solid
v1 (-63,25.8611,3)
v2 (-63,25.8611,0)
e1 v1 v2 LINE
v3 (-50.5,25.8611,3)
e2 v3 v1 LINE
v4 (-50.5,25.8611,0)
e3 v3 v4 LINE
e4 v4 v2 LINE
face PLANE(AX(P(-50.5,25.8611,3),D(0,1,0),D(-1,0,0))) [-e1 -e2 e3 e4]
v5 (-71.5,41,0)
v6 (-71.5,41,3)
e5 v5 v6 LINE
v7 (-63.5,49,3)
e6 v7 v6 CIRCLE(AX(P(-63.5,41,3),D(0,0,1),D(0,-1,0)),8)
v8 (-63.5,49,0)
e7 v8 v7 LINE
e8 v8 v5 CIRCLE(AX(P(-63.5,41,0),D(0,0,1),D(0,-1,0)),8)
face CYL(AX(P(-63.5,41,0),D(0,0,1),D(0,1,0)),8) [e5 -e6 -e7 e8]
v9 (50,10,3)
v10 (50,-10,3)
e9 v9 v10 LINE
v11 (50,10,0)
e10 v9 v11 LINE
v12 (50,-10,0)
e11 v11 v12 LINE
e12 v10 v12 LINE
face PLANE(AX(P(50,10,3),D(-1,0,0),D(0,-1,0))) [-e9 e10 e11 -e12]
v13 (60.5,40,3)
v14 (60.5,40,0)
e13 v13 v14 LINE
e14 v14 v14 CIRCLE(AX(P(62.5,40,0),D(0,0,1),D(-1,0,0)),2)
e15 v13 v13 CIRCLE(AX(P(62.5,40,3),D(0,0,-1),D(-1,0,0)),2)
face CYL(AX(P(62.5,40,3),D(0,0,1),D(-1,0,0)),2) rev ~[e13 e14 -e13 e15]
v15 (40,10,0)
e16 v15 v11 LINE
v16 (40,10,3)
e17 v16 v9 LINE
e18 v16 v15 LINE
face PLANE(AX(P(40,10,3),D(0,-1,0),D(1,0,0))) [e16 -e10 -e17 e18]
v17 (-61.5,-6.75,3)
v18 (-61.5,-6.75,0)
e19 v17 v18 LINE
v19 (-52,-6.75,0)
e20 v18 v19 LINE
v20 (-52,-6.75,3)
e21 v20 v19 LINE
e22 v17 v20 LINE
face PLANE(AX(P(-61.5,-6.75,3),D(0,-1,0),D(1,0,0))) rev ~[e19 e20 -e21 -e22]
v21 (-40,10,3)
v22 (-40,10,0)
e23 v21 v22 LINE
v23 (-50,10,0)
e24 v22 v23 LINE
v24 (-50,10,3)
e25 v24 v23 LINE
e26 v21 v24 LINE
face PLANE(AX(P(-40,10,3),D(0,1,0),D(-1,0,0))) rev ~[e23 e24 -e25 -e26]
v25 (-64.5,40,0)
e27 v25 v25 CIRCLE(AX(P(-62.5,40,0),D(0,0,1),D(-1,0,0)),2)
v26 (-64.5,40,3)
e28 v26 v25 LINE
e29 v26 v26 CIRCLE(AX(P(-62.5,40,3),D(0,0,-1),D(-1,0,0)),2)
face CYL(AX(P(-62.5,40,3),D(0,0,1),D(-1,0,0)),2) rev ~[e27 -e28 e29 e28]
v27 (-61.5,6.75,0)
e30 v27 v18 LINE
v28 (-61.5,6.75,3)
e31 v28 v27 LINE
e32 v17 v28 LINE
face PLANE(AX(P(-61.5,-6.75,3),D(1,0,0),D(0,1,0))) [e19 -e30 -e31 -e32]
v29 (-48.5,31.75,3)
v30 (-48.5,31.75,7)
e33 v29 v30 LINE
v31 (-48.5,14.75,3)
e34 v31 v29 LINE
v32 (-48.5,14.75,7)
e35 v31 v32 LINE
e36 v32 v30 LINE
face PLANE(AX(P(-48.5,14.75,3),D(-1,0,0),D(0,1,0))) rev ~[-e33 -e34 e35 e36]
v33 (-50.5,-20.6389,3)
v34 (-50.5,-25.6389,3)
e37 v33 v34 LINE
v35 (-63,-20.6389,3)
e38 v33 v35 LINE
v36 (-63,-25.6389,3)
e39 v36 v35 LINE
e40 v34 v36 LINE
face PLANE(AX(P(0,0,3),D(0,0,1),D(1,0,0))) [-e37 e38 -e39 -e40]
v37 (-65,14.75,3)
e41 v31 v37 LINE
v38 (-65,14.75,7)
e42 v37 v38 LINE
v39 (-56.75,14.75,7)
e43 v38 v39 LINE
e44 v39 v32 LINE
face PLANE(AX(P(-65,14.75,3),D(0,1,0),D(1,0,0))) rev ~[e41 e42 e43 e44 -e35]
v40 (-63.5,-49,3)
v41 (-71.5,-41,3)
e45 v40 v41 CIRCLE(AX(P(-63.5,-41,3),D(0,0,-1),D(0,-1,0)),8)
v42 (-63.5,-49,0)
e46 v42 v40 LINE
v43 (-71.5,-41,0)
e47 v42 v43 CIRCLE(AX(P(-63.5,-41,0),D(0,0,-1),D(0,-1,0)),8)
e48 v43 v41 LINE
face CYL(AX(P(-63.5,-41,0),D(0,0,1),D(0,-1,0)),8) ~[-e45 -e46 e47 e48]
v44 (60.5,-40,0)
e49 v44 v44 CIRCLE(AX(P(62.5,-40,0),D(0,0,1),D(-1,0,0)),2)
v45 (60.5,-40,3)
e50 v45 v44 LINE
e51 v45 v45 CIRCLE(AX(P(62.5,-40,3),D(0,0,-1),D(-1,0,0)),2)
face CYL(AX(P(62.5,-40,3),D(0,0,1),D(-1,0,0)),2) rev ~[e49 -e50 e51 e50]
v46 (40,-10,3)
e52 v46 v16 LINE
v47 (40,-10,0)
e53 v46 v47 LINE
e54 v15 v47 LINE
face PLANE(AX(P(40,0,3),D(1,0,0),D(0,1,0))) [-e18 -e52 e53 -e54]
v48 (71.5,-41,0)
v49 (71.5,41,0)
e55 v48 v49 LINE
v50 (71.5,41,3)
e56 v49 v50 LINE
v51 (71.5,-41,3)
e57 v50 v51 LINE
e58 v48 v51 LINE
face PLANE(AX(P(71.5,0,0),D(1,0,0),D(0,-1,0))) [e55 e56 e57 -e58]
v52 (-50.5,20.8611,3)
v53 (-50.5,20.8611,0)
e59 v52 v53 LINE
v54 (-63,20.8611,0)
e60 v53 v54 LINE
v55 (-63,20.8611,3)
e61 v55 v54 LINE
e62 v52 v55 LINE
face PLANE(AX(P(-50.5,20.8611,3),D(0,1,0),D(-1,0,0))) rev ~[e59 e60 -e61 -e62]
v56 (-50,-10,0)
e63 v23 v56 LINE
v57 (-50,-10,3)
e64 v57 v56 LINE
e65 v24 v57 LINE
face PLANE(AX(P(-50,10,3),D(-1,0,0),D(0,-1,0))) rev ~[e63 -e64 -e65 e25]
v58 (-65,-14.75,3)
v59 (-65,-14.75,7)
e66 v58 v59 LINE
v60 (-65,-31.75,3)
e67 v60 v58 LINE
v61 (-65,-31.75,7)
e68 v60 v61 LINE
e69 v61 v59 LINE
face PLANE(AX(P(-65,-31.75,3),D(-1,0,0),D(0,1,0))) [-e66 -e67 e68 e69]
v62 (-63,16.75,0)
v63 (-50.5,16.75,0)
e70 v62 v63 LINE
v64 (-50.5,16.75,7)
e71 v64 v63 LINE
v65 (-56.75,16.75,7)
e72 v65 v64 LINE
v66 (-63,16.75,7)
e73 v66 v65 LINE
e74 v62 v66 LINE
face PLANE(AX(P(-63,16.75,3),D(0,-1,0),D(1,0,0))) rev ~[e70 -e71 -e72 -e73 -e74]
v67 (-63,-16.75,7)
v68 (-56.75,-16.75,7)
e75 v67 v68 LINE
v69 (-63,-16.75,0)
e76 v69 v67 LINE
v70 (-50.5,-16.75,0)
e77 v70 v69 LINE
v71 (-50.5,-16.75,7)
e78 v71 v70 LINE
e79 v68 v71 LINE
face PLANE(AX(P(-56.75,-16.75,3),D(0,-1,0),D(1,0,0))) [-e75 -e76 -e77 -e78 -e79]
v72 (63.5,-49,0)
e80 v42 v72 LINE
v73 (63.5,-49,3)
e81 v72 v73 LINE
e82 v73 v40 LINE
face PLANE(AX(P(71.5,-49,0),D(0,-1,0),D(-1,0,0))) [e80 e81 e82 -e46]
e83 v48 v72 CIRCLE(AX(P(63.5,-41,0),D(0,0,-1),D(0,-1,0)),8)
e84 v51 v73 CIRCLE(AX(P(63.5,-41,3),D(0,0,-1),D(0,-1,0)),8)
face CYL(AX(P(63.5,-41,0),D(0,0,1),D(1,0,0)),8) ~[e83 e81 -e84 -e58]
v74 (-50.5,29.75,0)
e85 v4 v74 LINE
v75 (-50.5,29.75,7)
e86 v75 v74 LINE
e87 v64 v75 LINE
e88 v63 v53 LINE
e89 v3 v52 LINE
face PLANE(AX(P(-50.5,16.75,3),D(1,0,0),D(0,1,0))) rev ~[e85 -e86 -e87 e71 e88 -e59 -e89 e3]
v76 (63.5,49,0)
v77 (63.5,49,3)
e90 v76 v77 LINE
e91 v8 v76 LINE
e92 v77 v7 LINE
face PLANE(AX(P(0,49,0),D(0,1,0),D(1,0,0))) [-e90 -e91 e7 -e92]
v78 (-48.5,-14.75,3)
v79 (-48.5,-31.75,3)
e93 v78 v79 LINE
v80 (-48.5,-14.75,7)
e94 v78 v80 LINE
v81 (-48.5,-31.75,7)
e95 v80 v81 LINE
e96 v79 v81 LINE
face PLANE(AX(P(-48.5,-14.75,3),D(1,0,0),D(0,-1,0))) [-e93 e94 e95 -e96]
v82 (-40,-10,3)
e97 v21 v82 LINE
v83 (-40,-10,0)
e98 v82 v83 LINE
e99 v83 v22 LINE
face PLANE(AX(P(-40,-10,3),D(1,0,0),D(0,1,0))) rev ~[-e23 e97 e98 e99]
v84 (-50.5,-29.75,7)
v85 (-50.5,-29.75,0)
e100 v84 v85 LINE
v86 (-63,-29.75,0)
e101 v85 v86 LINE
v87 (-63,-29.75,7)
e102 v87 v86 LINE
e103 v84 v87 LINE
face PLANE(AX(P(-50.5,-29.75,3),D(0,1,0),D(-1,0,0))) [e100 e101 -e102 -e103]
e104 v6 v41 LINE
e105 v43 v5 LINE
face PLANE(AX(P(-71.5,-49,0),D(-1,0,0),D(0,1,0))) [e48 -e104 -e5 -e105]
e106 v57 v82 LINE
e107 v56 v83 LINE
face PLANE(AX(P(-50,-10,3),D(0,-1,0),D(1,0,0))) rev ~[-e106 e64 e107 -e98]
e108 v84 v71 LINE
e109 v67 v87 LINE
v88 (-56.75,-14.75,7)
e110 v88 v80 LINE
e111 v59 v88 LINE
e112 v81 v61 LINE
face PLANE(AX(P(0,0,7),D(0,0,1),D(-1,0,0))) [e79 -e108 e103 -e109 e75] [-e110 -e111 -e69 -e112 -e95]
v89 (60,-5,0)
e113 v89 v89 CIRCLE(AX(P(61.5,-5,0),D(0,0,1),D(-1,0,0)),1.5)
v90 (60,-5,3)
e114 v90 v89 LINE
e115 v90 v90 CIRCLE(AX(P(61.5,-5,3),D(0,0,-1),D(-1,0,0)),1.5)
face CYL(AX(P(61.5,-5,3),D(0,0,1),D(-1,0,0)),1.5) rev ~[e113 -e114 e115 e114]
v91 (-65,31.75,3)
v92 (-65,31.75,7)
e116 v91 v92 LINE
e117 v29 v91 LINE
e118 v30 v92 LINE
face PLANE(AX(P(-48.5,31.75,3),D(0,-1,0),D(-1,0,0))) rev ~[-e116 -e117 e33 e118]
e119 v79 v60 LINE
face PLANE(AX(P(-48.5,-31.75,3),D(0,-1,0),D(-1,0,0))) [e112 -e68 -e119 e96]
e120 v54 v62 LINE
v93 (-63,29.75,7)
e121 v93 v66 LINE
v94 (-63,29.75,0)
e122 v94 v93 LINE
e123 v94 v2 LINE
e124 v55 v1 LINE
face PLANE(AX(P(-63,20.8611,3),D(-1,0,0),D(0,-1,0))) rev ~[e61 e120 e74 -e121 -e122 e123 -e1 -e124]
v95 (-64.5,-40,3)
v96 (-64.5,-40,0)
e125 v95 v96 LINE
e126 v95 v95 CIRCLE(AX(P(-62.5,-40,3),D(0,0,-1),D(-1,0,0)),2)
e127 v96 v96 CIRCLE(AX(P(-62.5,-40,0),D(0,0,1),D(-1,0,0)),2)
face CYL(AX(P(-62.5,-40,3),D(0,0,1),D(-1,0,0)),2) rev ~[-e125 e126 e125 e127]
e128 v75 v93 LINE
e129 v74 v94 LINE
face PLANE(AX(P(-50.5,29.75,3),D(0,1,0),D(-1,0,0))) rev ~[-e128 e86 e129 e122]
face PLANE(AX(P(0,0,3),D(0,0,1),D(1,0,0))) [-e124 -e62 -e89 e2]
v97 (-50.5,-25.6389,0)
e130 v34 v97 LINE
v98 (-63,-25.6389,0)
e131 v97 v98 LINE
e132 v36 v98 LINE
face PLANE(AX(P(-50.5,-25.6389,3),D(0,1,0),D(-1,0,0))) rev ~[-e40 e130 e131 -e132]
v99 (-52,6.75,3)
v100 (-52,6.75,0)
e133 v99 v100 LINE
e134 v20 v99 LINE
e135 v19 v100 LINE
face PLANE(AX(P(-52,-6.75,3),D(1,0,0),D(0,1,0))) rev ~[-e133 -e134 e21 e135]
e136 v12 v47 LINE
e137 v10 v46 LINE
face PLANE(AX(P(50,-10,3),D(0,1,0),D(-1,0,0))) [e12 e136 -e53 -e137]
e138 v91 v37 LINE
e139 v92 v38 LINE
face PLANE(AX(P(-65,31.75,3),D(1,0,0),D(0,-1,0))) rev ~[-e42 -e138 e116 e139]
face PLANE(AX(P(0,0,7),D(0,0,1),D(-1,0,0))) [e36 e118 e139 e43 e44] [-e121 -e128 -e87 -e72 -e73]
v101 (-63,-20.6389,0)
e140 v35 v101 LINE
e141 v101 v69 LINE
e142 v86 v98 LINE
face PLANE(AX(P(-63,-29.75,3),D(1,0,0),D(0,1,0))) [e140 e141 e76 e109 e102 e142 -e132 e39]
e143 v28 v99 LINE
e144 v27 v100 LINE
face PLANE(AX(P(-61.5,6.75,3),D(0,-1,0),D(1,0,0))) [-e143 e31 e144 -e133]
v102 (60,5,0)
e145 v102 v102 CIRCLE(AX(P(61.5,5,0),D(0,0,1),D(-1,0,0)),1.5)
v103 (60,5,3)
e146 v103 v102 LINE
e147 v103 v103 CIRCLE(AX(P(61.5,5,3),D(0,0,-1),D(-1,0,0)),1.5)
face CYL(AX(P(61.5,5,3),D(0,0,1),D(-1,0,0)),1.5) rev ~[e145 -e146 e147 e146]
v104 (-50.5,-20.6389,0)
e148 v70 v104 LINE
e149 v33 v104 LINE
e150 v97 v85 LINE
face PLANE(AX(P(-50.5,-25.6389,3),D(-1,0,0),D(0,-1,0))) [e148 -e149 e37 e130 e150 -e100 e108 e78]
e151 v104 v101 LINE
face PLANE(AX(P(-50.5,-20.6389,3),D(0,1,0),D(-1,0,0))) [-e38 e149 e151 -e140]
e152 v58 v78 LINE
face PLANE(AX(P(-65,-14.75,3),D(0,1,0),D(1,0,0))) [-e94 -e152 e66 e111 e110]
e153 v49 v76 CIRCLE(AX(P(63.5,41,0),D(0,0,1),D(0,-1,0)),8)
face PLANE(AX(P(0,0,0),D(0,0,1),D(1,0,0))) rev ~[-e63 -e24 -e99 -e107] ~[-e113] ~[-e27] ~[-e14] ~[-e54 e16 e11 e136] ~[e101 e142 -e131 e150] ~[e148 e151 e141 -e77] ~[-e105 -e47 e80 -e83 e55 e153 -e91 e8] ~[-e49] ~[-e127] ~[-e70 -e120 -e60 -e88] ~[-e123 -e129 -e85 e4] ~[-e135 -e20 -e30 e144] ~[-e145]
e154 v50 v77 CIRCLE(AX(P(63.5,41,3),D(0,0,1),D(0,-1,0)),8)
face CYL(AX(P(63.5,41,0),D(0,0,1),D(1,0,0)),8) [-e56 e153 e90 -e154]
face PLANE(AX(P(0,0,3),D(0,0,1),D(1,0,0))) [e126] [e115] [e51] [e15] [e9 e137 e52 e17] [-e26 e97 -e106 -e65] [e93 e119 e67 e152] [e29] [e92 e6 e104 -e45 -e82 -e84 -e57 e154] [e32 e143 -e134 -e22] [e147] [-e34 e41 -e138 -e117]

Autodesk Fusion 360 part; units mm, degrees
sketch "Boceto1" plane through (0, 0, 0) normal (0, 0, 1) x (1, 0, 0)
  line L0 (71.5, 0) -> (-71.5, 0)
  line L1 (0, -49) -> (0, 49)
  line L2 (-71.5, 49) -> (71.5, 49)
  line L3 (71.5, 49) -> (71.5, -49)
  line L4 (71.5, -49) -> (-71.5, -49)
  line L5 (-71.5, -49) -> (-71.5, 49)
  line L6 (-71.5, 49) -> (71.5, -49) construction
  line L7 (71.5, 49) -> (-71.5, -49) construction
  dimension "d1" = 143
  dimension "d2" = 98
extrude "Extruir1" add sketch "Boceto1" along normal blind 3
sketch "Boceto2" plane through (0, 0, 3) normal (0, 0, 1) x (-1, 0, 0)
  line L0 (71.5, 49) -> (-71.5, 49)
  line L1 (-71.5, 49) -> (-71.5, -49)
  line L2 (-71.5, -49) -> (71.5, -49)
  line L3 (71.5, -49) -> (71.5, 49)
  line L4 (71.5, -49) -> (62.5, -49)
  line L5 (62.5, -49) -> (62.5, -40)
  line L6 (71.5, 49) -> (62.5, 49)
  line L7 (62.5, 49) -> (62.5, 40)
  line L8 (-71.5, 49) -> (-71.5, 40)
  line L9 (-71.5, 40) -> (-62.5, 40)
  line L10 (-71.5, -49) -> (-62.5, -49)
  line L11 (-62.5, -49) -> (-62.5, -40)
  circle A0 centre (62.5, -40) radius 2
  circle A1 centre (62.5, 40) radius 2
  circle A2 centre (-62.5, -40) radius 2
  circle A3 centre (-62.5, 40) radius 2
  dimension "d7" = 9
  dimension "d8" = 9
  dimension "d9" = 9
  dimension "d10" = 9
  dimension "d11" = 9
  dimension "d12" = 9
  dimension "d13" = 9
  dimension "d14" = 9
  dimension "d15" = 4
  dimension "d16" = 4
  dimension "d17" = 4
  dimension "d18" = 4
extrude "Extruir2" cut sketch "Boceto2" against normal blind 3 contours A1 | A3 | A2 | A0
fillet "Empalme2" radius 8 4 edges at (-71.5, -49, 1.5) (-71.5, 49, 1.5) (71.5, -49, 1.5) (71.5, 49, 1.5)
sketch "Boceto3" plane through (0, 0, 3) normal (0, 0, 1) x (-1, 0, 0)
  circle A0 centre (62.5, 40) radius 2
  circle A1 centre (-62.5, -40) radius 2
  circle A2 centre (62.5, -40) radius 2
  circle A3 centre (-62.5, 40) radius 2
  arc A4 (-71.5, -41) -> (-63.5, -49) centre (-63.5, -41) ccw
  line L0 (-63.5, -49) -> (63.5, -49)
  arc A5 (63.5, -49) -> (71.5, -41) centre (63.5, -41) ccw
  line L1 (71.5, -41) -> (71.5, 41)
  arc A6 (71.5, 41) -> (63.5, 49) centre (63.5, 41) ccw
  line L2 (63.5, 49) -> (-63.5, 49)
  arc A7 (-63.5, 49) -> (-71.5, 41) centre (-63.5, 41) ccw
  line L3 (-71.5, 41) -> (-71.5, -41)
  line L4 (-40, 0) -> (40, 0)
  line L5 (40, 10) -> (40, -10)
  line L6 (-40, 10) -> (-40, -10)
  line L7 (40, -10) -> (50, -10)
  line L8 (50, -10) -> (50, 10)
  line L9 (50, 10) -> (40, 10)
  line L10 (40, 10) -> (40, -10)
  line L11 (-40, -10) -> (-50, -10)
  line L12 (-50, -10) -> (-50, 10)
  line L13 (-50, 10) -> (-40, 10)
  line L14 (-40, 10) -> (-40, -10)
  dimension "d23" = 80
  dimension "d24" = 20
  dimension "d25" = 20
  dimension "d26" = 10
  dimension "d27" = 20
  dimension "d28" = 10
  dimension "d29" = 20
extrude "Extruir3" cut sketch "Boceto3" against normal blind 3 contours L5 L7 L8 L9 L10 | L6 L11 L12 L13 L14
sketch "Boceto4" plane through (0, 0, 3) normal (0, 0, 1) x (-1, 0, 0)
  line L0 (50, -10) -> (40, -10)
  line L1 (40, -10) -> (40, 10)
  line L2 (40, 10) -> (50, 10)
  line L3 (50, 10) -> (50, -10)
  line L4 (-50, -10) -> (-50, 10)
  line L5 (-50, 10) -> (-40, 10)
  line L6 (-40, 10) -> (-40, -10)
  line L7 (-40, -10) -> (-50, -10)
  circle A0 centre (62.5, 40) radius 2
  circle A1 centre (-62.5, -40) radius 2
  circle A2 centre (62.5, -40) radius 2
  circle A3 centre (-62.5, 40) radius 2
  arc A4 (-71.5, -41) -> (-63.5, -49) centre (-63.5, -41) ccw
  line L8 (-63.5, -49) -> (63.5, -49)
  arc A5 (63.5, -49) -> (71.5, -41) centre (63.5, -41) ccw
  line L9 (71.5, -41) -> (71.5, 41)
  arc A6 (71.5, 41) -> (63.5, 49) centre (63.5, 41) ccw
  line L10 (63.5, 49) -> (-63.5, 49)
  arc A7 (-63.5, 49) -> (-71.5, 41) centre (-63.5, 41) ccw
  line L11 (-71.5, 41) -> (-71.5, -41)
  line L12 (71.5, 0) -> (61.5, 0)
  line L13 (61.5, 6.75) -> (61.5, -6.75)
  line L14 (61.5, -6.75) -> (52, -6.75)
  line L15 (61.5, 6.75) -> (52, 6.75)
  line L16 (52, 6.75) -> (52, -6.75)
  dimension "d32" = 10
  dimension "d33" = 13.5
  dimension "d34" = 9.5
  dimension "d35" = 9.5
extrude "Extruir4" cut sketch "Boceto4" against normal blind 3 contours L13 L14 L15 L16
sketch "Boceto5" plane through (0, 0, 3) normal (0, 0, 1) x (-1, 0, 0)
  line L0 (52, -6.75) -> (52, 6.75)
  line L1 (52, 6.75) -> (61.5, 6.75)
  line L2 (61.5, 6.75) -> (61.5, -6.75)
  line L3 (61.5, -6.75) -> (52, -6.75)
  line L4 (50, -10) -> (40, -10)
  line L5 (40, -10) -> (40, 10)
  line L6 (40, 10) -> (50, 10)
  line L7 (50, 10) -> (50, -10)
  line L8 (-50, -10) -> (-50, 10)
  line L9 (-50, 10) -> (-40, 10)
  line L10 (-40, 10) -> (-40, -10)
  line L11 (-40, -10) -> (-50, -10)
  circle A0 centre (62.5, 40) radius 2
  circle A1 centre (-62.5, -40) radius 2
  circle A2 centre (62.5, -40) radius 2
  circle A3 centre (-62.5, 40) radius 2
  arc A4 (-71.5, -41) -> (-63.5, -49) centre (-63.5, -41) ccw
  line L12 (-63.5, -49) -> (63.5, -49)
  arc A5 (63.5, -49) -> (71.5, -41) centre (63.5, -41) ccw
  line L13 (71.5, -41) -> (71.5, 41)
  arc A6 (71.5, 41) -> (63.5, 49) centre (63.5, 41) ccw
  line L14 (63.5, 49) -> (-63.5, 49)
  arc A7 (-63.5, 49) -> (-71.5, 41) centre (-63.5, 41) ccw
  line L15 (-71.5, 41) -> (-71.5, -41)
  line L16 (56.75, 6.75) -> (56.75, 16.75)
  line L17 (56.75, -6.75) -> (56.75, -16.75)
  line L18 (63, 16.75) -> (50.5, 16.75)
  line L19 (63, -16.75) -> (50.5, -16.75)
  line L20 (50.5, 16.75) -> (50.5, 29.75)
  line L21 (50.5, -16.75) -> (50.5, -29.75)
  line L22 (50.5, -29.75) -> (63, -29.75)
  line L23 (63, -29.75) -> (63, -16.75)
  line L24 (50.5, 29.75) -> (63, 29.75)
  line L25 (63, 29.75) -> (63, 16.75)
  line L26 (50.5, 25.6389) -> (50.5, 20.6389)
  line L27 (50.5, -20.8611) -> (50.5, -25.8611)
  line L28 (50.5, -25.8611) -> (63, -25.8611)
  line L29 (50.5, -20.8611) -> (63, -20.8611)
  line L30 (50.5, 20.6389) -> (63, 20.6389)
  line L31 (50.5, 25.6389) -> (63, 25.6389)
  line L32 (65, -31.75) -> (65, -14.75)
  line L33 (65, -14.75) -> (48.5, -14.75)
  line L34 (48.5, -14.75) -> (48.5, -31.75)
  line L35 (48.5, -31.75) -> (65, -31.75)
  line L36 (65, 31.75) -> (65, 14.75)
  line L37 (65, 14.75) -> (48.5, 14.75)
  line L38 (48.5, 14.75) -> (48.5, 31.75)
  line L39 (48.5, 31.75) -> (65, 31.75)
  point P0 (50.5, 23.1389)
  point P1 (50.5, -23.3611)
  dimension "d38" = 10
  dimension "d39" = 10
  dimension "d40" = 12.5
  dimension "d41" = 12.5
  dimension "d42" = 13
  dimension "d43" = 13
  dimension "d44" = 12.5
  dimension "d45" = 12.5
  dimension "d46" = 5
  dimension "d47" = 5
  dimension "d48" = 2
  dimension "d49" = -2
extrude "Extruir5" add sketch "Boceto5" along normal blind 4 contours L36 L37 L38 L39 | L32 L33 L34 L35
extrude "Extruir6" cut sketch "Boceto5" against normal blind 3 contours L18 L20 L25 L30 | L19 L21 L23 L29 | L21 L22 L23 L28 | L20 L24 L25 L31
sketch "Boceto6" plane through (0, 0, 3) normal (0, 0, 1) x (-1, 0, 0)
  line L0 (48.5, -31.75) -> (48.5, -14.75)
  line L1 (48.5, -14.75) -> (65, -14.75)
  line L2 (65, -14.75) -> (65, -31.75)
  line L3 (65, -31.75) -> (48.5, -31.75)
  line L4 (52, -6.75) -> (52, 6.75)
  line L5 (52, 6.75) -> (61.5, 6.75)
  line L6 (61.5, 6.75) -> (61.5, -6.75)
  line L7 (61.5, -6.75) -> (52, -6.75)
  line L8 (50, -10) -> (40, -10)
  line L9 (40, -10) -> (40, 10)
  line L10 (40, 10) -> (50, 10)
  line L11 (50, 10) -> (50, -10)
  line L12 (-50, -10) -> (-50, 10)
  line L13 (-50, 10) -> (-40, 10)
  line L14 (-40, 10) -> (-40, -10)
  line L15 (-40, -10) -> (-50, -10)
  circle A0 centre (62.5, 40) radius 2
  circle A1 centre (-62.5, -40) radius 2
  circle A2 centre (62.5, -40) radius 2
  circle A3 centre (-62.5, 40) radius 2
  arc A4 (-71.5, -41) -> (-63.5, -49) centre (-63.5, -41) ccw
  line L16 (-63.5, -49) -> (63.5, -49)
  arc A5 (63.5, -49) -> (71.5, -41) centre (63.5, -41) ccw
  line L17 (71.5, -41) -> (71.5, 41)
  arc A6 (71.5, 41) -> (63.5, 49) centre (63.5, 41) ccw
  line L18 (63.5, 49) -> (-63.5, 49)
  arc A7 (-63.5, 49) -> (-71.5, 41) centre (-63.5, 41) ccw
  line L19 (-71.5, 41) -> (-71.5, -41)
  line L20 (48.5, 31.75) -> (65, 31.75)
  line L21 (65, 31.75) -> (65, 14.75)
  line L22 (65, 14.75) -> (48.5, 14.75)
  line L23 (48.5, 14.75) -> (48.5, 31.75)
  line L24 (-71.5, 0) -> (-61.5, 0)
  line L25 (-61.5, -5) -> (-61.5, 5)
  circle A8 centre (-61.5, 5) radius 1.5
  circle A9 centre (-61.5, -5) radius 1.5
  dimension "d54" = 10
  dimension "d55" = 10
  dimension "d56" = 3
  dimension "d57" = 3
extrude "Extruir7" cut sketch "Boceto6" against normal blind 3 contours A8 | A9
